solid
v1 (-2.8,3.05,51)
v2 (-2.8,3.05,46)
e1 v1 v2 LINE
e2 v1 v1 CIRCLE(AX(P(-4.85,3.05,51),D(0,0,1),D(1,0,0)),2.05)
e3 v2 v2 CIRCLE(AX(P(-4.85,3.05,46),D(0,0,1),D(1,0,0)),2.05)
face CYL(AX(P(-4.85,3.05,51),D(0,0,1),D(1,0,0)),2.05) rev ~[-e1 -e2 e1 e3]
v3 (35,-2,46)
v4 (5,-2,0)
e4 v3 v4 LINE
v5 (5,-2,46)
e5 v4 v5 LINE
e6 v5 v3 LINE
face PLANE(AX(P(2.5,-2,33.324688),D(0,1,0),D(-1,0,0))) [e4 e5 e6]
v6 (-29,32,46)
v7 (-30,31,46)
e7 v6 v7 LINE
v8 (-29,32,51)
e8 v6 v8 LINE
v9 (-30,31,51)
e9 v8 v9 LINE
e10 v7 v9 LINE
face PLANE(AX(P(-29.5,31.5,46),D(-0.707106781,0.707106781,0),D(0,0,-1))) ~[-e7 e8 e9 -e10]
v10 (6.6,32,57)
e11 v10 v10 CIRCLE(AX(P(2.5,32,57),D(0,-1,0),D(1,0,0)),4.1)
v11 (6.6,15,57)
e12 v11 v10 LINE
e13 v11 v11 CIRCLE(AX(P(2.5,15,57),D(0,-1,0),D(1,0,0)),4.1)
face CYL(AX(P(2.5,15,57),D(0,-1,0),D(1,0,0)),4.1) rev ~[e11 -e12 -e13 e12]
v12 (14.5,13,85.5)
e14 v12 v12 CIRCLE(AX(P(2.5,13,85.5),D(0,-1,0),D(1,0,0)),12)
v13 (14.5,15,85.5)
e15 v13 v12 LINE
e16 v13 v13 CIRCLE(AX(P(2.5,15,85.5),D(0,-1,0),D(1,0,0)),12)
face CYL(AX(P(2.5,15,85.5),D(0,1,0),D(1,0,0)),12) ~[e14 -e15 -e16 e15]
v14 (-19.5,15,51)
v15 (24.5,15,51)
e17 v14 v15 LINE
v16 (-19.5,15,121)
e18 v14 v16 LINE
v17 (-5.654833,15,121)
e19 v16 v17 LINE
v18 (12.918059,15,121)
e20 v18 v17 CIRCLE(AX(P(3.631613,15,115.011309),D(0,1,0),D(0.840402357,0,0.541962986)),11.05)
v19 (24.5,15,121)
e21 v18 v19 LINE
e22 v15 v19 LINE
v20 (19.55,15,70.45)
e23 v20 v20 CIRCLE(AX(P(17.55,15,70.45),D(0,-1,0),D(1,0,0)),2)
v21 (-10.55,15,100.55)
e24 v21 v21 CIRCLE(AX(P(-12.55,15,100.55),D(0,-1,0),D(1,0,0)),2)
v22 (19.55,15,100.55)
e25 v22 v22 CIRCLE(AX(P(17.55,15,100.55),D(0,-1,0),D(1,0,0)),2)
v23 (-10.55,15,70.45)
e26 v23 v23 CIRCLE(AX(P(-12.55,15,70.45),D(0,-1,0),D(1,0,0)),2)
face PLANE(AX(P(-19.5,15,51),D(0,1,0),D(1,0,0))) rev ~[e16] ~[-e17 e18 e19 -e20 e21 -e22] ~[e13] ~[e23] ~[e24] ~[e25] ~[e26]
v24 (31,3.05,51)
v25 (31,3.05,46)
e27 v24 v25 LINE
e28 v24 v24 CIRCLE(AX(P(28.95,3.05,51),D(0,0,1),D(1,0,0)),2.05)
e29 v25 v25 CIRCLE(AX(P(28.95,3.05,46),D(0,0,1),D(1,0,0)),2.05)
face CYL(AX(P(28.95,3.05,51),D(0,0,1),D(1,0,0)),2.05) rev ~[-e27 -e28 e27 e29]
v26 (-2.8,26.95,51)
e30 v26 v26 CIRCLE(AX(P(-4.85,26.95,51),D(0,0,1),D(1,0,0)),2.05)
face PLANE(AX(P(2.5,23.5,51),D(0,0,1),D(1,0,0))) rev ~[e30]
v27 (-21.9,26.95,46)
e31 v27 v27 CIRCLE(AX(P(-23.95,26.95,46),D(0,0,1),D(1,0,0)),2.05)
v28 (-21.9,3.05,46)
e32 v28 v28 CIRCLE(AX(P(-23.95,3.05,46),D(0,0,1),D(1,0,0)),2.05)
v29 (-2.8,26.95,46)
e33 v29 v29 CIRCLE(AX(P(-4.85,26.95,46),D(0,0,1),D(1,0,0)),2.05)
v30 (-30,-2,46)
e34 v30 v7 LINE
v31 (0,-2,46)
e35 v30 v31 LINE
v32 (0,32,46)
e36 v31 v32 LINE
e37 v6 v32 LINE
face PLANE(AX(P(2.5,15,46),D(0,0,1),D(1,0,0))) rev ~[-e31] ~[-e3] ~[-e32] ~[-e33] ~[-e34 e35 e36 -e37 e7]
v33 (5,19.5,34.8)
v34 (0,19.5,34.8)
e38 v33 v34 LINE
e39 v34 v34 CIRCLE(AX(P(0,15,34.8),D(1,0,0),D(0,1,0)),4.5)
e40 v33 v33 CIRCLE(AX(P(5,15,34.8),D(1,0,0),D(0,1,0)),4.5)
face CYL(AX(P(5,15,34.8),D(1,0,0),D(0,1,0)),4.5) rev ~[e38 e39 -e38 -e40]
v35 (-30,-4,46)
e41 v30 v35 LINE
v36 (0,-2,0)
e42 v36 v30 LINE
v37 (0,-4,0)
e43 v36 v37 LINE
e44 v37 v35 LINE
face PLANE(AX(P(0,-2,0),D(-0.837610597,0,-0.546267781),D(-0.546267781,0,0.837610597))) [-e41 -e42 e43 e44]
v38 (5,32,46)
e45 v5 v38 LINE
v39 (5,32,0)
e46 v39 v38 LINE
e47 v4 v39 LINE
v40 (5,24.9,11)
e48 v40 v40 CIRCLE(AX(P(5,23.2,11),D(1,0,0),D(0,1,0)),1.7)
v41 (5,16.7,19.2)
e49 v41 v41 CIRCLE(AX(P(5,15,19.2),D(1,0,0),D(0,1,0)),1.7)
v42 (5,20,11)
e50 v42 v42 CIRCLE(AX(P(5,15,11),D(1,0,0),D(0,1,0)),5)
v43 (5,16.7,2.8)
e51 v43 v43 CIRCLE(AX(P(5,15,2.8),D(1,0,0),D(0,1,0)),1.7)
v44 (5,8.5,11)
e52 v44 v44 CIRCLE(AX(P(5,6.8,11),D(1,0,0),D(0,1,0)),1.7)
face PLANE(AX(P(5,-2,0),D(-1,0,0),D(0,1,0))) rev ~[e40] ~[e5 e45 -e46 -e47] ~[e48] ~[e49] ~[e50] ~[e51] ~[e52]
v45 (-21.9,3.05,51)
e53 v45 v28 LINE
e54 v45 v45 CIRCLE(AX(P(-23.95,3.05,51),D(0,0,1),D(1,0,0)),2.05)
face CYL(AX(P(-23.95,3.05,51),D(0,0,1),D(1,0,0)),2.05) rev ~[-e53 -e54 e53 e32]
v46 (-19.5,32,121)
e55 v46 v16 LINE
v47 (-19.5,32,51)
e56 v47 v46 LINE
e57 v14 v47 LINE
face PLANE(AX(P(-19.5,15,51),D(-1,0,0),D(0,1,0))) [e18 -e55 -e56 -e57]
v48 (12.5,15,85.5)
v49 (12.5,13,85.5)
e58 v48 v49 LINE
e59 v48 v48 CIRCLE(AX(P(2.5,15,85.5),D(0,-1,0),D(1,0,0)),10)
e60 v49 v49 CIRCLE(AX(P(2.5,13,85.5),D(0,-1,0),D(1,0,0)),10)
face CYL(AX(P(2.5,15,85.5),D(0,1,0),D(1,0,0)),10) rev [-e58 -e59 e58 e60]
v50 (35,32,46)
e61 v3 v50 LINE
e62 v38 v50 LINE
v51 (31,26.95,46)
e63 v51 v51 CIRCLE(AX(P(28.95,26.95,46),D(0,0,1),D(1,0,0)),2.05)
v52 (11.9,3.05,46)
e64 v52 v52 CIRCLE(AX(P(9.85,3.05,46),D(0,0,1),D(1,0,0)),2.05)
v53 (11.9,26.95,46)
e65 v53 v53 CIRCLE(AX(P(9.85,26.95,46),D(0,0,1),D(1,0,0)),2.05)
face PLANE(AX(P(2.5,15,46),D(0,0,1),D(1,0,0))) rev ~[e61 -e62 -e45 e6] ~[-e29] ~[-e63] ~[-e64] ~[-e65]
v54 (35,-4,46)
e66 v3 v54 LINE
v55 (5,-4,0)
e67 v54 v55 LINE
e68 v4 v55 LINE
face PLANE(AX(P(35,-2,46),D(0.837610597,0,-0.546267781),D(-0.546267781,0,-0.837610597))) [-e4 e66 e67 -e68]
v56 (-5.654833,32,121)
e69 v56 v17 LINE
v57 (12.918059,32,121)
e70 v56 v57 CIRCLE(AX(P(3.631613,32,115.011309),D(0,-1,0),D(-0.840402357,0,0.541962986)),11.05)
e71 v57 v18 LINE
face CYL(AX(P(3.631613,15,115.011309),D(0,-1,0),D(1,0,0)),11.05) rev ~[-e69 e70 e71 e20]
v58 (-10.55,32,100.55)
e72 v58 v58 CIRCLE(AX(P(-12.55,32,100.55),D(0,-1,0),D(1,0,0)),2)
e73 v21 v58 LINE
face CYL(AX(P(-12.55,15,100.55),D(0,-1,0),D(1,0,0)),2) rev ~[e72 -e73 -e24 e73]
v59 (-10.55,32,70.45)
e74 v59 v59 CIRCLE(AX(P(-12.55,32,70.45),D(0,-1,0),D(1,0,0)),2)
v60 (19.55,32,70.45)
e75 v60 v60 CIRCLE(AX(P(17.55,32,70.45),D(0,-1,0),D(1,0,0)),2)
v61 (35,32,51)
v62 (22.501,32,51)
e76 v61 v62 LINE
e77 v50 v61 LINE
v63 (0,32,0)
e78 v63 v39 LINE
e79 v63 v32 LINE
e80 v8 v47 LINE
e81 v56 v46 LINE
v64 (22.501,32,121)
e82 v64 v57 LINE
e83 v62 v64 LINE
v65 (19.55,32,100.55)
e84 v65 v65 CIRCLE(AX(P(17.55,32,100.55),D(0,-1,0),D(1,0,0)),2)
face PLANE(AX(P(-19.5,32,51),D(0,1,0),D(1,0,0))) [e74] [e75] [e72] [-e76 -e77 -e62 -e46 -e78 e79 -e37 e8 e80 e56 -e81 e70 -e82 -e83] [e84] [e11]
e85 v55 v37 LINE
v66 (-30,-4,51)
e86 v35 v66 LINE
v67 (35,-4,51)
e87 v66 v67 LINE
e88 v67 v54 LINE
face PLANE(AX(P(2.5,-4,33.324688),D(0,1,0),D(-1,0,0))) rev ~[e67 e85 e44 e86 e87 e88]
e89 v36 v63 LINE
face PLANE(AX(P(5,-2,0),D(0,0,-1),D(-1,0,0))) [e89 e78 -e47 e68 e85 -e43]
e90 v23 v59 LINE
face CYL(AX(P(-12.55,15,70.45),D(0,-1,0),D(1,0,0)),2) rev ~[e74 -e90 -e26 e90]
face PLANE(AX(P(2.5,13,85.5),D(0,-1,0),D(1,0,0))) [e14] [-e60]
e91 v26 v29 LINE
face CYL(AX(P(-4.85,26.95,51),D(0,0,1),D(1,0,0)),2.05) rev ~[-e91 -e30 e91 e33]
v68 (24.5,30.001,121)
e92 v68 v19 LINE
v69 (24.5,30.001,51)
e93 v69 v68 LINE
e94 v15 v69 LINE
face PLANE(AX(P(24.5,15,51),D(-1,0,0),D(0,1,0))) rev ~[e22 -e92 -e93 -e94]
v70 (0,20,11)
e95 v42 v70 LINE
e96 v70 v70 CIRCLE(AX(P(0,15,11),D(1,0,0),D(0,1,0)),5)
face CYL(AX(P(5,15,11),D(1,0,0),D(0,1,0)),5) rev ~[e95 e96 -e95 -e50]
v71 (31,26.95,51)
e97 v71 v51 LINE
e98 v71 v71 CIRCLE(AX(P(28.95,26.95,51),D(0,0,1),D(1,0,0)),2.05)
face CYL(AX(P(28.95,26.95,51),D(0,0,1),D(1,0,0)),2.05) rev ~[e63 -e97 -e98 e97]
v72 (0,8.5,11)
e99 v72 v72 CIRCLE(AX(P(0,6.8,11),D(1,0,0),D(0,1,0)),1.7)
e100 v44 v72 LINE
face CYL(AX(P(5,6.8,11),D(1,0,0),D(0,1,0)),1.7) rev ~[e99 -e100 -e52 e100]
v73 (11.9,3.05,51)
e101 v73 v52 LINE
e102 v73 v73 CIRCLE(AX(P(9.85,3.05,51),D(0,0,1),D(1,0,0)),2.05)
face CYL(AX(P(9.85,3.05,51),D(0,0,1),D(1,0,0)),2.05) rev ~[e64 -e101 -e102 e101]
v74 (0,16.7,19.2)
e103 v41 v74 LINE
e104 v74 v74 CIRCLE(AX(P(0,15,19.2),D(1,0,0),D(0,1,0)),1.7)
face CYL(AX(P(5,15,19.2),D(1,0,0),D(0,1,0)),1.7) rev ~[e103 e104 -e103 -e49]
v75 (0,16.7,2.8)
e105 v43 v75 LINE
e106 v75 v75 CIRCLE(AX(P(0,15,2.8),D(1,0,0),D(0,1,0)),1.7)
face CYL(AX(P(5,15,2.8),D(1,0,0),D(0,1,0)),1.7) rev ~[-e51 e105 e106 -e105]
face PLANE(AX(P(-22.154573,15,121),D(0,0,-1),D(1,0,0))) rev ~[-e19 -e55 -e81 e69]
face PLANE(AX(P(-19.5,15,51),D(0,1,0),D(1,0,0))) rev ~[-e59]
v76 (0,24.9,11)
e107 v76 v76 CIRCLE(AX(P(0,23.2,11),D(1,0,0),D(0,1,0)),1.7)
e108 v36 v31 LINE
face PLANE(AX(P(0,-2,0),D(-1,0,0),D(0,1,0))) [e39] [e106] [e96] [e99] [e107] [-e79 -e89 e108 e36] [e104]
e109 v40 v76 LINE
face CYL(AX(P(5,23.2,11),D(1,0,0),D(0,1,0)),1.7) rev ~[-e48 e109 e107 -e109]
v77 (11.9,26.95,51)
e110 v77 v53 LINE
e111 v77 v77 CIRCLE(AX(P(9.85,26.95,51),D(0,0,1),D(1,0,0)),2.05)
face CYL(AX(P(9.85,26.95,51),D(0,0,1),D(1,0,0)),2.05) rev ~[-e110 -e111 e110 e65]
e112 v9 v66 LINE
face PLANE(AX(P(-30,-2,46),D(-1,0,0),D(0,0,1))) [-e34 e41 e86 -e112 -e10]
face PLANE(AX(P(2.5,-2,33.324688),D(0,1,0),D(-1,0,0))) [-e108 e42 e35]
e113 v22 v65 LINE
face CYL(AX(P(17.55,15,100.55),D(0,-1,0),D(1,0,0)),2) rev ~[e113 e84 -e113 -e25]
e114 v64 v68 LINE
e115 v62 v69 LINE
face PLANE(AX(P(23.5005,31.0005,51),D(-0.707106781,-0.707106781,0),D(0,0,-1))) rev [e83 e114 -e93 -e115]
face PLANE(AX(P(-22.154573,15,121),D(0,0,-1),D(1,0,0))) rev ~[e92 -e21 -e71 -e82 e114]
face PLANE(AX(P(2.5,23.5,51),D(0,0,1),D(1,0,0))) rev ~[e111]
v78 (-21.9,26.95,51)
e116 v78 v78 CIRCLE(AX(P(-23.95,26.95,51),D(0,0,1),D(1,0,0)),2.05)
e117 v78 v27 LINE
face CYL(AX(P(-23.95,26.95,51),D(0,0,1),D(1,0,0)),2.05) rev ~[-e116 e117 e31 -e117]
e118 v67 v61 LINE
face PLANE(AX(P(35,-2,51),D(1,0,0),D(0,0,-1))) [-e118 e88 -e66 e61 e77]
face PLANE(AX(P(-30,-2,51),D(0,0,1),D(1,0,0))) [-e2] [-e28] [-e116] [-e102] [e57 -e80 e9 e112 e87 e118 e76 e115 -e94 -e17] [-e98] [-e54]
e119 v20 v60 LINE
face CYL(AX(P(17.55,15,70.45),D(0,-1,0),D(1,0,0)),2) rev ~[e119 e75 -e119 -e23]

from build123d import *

# Parameters (mm, degrees)
PAD_DEPTH       = 2
BOX002_W        = 44
BOX002_H        = 17
BOX002_DEPTH    = 78
SKETCH003_R     = 4.1
SKETCH003_R_2   = 2
SKETCH003_W     = 49.28004
SKETCH003_H     = 11.88092
POCKET003_DEPTH = 17.001
BOX001_W        = 65
BOX001_H        = 34
BOX001_DEPTH    = 5
BOX_W           = 5
BOX_H           = 34
BOX_DEPTH       = 46
SKETCH_R        = 2.05
POCKET_DEPTH    = 5
SKETCH001_R     = 5
SKETCH001_R_2   = 1.7
POCKET001_DEPTH = 5
SKETCH002_R     = 4.5
POCKET002_DEPTH = 5
SKETCH007_R     = 11.05
POCKET004_DEPTH = 17.001
SKETCH008_R     = 12
SKETCH008_R_2   = 10
PAD001_DEPTH    = 2
CHAMFER_SIZE    = 1
CHAMFER001_SIZE = 1.999


with BuildPart() as pad:
    # Sketch006 → Pad (new body)
    with BuildSketch(Plane.XZ.offset(2)):
        Polygon((-30, 51), (35, 51), (35, 46), (5, 0), (0, 0), (-30, 46), align=None)
    extrude(amount=PAD_DEPTH)


with BuildPart() as pocket003:
    # Box002 → Box002 (new body)
    with BuildSketch(Plane(origin=(-19.5, 15, 51), x_dir=(1, 0, 0), z_dir=(0, 0, 1))):
        with Locations((22, 8.5)):
            Rectangle(BOX002_W, BOX002_H)
    extrude(amount=BOX002_DEPTH)

    # Sketch003 → Pocket003 (cut, through all)
    with BuildSketch(Plane(origin=(-19.5, 15, 51), x_dir=(1, 0, 0), z_dir=(0, -1, 0))):
        with Locations((22, 6)):
            Circle(SKETCH003_R)
        with Locations((22, 63)):
            Circle(SKETCH003_R)
        with Locations((6.95, 19.45)):
            Circle(SKETCH003_R_2)
        with Locations((37.05, 19.45)):
            Circle(SKETCH003_R_2)
        with Locations((6.95, 49.55)):
            Circle(SKETCH003_R_2)
        with Locations((37.05, 49.55)):
            Circle(SKETCH003_R_2)
        with Locations((21.985447, 75.94046)):
            Rectangle(SKETCH003_W, SKETCH003_H)
    extrude(amount=-POCKET003_DEPTH, mode=Mode.SUBTRACT)


with BuildPart() as cubo001:
    # Box001 → Box001 (new body)
    with BuildSketch(Plane(origin=(-30, -2, 46), x_dir=(1, 0, 0), z_dir=(0, 0, 1))):
        with Locations((32.5, 17)):
            Rectangle(BOX001_W, BOX001_H)
    extrude(amount=BOX001_DEPTH)


with BuildPart() as chamfer001:
    # Box → Box (new body)
    with BuildSketch(Plane(origin=(0, -2, 0), x_dir=(1, 0, 0), z_dir=(0, 0, 1))):
        with Locations((2.5, 17)):
            Rectangle(BOX_W, BOX_H)
    extrude(amount=BOX_DEPTH)

    # Fusion: union Cubo001
    add(cubo001.part)

    # Sketch → Pocket (cut)
    with BuildSketch(Plane.XY.offset(51)):
        with Locations((-36.05, -7.05)):
            Circle(SKETCH_R)
        with Locations((28.95, 3.05)):
            Circle(SKETCH_R)
        with Locations((-55.15, -7.05)):
            Circle(SKETCH_R)
        with Locations((9.85, 3.05)):
            Circle(SKETCH_R)
        with Locations((-4.85, 3.05)):
            Circle(SKETCH_R)
        with Locations((-23.95, 3.05)):
            Circle(SKETCH_R)
        with Locations((-23.95, 26.95)):
            Circle(SKETCH_R)
        with Locations((-4.85, 26.95)):
            Circle(SKETCH_R)
        with Locations((9.85, 26.95)):
            Circle(SKETCH_R)
        with Locations((28.95, 26.95)):
            Circle(SKETCH_R)
    extrude(amount=-POCKET_DEPTH, mode=Mode.SUBTRACT)

    # Sketch001 → Pocket001 (cut)
    with BuildSketch(Plane.YZ.offset(5)):
        with Locations((15, 11)):
            Circle(SKETCH001_R)
        with Locations((15, 19.2)):
            Circle(SKETCH001_R_2)
        with Locations((23.2, 11)):
            Circle(SKETCH001_R_2)
        with Locations((15, 2.8)):
            Circle(SKETCH001_R_2)
        with Locations((6.8, 11)):
            Circle(SKETCH001_R_2)
    extrude(amount=-POCKET001_DEPTH, mode=Mode.SUBTRACT)

    # Sketch002 → Pocket002 (cut)
    with BuildSketch(Plane.YZ.offset(5)):
        with Locations((15, 34.8)):
            Circle(SKETCH002_R)
    extrude(amount=-POCKET002_DEPTH, mode=Mode.SUBTRACT)

    # Fusion001: union Pad, Pocket003
    add(pad.part)
    add(pocket003.part)

    # Sketch007 → Pocket004 (cut, through all)
    with BuildSketch(Plane.XZ.offset(-15)):
        with Locations((3.631613, 115.011309)):
            Circle(SKETCH007_R)
    extrude(amount=-POCKET004_DEPTH, mode=Mode.SUBTRACT)

    # Sketch008 → Pad001 (new body)
    with BuildSketch(Plane.XZ.offset(-15)):
        with Locations((2.5, 85.5)):
            Circle(SKETCH008_R)
        with Locations((2.5, 85.5)):
            Circle(SKETCH008_R_2, mode=Mode.SUBTRACT)
    extrude(amount=PAD001_DEPTH)

    # Chamfer
    chamfer_edges = [chamfer001.edges().sort_by_distance(p)[0] for p in [
        (-30, 32, 48.5),
    ]]
    chamfer(chamfer_edges, length=CHAMFER_SIZE)

    # Chamfer001
    chamfer001_edges = [chamfer001.edges().sort_by_distance(p)[0] for p in [
        (24.5, 32, 86),
    ]]
    chamfer(chamfer001_edges, length=CHAMFER001_SIZE)


solid = chamfer001.part
